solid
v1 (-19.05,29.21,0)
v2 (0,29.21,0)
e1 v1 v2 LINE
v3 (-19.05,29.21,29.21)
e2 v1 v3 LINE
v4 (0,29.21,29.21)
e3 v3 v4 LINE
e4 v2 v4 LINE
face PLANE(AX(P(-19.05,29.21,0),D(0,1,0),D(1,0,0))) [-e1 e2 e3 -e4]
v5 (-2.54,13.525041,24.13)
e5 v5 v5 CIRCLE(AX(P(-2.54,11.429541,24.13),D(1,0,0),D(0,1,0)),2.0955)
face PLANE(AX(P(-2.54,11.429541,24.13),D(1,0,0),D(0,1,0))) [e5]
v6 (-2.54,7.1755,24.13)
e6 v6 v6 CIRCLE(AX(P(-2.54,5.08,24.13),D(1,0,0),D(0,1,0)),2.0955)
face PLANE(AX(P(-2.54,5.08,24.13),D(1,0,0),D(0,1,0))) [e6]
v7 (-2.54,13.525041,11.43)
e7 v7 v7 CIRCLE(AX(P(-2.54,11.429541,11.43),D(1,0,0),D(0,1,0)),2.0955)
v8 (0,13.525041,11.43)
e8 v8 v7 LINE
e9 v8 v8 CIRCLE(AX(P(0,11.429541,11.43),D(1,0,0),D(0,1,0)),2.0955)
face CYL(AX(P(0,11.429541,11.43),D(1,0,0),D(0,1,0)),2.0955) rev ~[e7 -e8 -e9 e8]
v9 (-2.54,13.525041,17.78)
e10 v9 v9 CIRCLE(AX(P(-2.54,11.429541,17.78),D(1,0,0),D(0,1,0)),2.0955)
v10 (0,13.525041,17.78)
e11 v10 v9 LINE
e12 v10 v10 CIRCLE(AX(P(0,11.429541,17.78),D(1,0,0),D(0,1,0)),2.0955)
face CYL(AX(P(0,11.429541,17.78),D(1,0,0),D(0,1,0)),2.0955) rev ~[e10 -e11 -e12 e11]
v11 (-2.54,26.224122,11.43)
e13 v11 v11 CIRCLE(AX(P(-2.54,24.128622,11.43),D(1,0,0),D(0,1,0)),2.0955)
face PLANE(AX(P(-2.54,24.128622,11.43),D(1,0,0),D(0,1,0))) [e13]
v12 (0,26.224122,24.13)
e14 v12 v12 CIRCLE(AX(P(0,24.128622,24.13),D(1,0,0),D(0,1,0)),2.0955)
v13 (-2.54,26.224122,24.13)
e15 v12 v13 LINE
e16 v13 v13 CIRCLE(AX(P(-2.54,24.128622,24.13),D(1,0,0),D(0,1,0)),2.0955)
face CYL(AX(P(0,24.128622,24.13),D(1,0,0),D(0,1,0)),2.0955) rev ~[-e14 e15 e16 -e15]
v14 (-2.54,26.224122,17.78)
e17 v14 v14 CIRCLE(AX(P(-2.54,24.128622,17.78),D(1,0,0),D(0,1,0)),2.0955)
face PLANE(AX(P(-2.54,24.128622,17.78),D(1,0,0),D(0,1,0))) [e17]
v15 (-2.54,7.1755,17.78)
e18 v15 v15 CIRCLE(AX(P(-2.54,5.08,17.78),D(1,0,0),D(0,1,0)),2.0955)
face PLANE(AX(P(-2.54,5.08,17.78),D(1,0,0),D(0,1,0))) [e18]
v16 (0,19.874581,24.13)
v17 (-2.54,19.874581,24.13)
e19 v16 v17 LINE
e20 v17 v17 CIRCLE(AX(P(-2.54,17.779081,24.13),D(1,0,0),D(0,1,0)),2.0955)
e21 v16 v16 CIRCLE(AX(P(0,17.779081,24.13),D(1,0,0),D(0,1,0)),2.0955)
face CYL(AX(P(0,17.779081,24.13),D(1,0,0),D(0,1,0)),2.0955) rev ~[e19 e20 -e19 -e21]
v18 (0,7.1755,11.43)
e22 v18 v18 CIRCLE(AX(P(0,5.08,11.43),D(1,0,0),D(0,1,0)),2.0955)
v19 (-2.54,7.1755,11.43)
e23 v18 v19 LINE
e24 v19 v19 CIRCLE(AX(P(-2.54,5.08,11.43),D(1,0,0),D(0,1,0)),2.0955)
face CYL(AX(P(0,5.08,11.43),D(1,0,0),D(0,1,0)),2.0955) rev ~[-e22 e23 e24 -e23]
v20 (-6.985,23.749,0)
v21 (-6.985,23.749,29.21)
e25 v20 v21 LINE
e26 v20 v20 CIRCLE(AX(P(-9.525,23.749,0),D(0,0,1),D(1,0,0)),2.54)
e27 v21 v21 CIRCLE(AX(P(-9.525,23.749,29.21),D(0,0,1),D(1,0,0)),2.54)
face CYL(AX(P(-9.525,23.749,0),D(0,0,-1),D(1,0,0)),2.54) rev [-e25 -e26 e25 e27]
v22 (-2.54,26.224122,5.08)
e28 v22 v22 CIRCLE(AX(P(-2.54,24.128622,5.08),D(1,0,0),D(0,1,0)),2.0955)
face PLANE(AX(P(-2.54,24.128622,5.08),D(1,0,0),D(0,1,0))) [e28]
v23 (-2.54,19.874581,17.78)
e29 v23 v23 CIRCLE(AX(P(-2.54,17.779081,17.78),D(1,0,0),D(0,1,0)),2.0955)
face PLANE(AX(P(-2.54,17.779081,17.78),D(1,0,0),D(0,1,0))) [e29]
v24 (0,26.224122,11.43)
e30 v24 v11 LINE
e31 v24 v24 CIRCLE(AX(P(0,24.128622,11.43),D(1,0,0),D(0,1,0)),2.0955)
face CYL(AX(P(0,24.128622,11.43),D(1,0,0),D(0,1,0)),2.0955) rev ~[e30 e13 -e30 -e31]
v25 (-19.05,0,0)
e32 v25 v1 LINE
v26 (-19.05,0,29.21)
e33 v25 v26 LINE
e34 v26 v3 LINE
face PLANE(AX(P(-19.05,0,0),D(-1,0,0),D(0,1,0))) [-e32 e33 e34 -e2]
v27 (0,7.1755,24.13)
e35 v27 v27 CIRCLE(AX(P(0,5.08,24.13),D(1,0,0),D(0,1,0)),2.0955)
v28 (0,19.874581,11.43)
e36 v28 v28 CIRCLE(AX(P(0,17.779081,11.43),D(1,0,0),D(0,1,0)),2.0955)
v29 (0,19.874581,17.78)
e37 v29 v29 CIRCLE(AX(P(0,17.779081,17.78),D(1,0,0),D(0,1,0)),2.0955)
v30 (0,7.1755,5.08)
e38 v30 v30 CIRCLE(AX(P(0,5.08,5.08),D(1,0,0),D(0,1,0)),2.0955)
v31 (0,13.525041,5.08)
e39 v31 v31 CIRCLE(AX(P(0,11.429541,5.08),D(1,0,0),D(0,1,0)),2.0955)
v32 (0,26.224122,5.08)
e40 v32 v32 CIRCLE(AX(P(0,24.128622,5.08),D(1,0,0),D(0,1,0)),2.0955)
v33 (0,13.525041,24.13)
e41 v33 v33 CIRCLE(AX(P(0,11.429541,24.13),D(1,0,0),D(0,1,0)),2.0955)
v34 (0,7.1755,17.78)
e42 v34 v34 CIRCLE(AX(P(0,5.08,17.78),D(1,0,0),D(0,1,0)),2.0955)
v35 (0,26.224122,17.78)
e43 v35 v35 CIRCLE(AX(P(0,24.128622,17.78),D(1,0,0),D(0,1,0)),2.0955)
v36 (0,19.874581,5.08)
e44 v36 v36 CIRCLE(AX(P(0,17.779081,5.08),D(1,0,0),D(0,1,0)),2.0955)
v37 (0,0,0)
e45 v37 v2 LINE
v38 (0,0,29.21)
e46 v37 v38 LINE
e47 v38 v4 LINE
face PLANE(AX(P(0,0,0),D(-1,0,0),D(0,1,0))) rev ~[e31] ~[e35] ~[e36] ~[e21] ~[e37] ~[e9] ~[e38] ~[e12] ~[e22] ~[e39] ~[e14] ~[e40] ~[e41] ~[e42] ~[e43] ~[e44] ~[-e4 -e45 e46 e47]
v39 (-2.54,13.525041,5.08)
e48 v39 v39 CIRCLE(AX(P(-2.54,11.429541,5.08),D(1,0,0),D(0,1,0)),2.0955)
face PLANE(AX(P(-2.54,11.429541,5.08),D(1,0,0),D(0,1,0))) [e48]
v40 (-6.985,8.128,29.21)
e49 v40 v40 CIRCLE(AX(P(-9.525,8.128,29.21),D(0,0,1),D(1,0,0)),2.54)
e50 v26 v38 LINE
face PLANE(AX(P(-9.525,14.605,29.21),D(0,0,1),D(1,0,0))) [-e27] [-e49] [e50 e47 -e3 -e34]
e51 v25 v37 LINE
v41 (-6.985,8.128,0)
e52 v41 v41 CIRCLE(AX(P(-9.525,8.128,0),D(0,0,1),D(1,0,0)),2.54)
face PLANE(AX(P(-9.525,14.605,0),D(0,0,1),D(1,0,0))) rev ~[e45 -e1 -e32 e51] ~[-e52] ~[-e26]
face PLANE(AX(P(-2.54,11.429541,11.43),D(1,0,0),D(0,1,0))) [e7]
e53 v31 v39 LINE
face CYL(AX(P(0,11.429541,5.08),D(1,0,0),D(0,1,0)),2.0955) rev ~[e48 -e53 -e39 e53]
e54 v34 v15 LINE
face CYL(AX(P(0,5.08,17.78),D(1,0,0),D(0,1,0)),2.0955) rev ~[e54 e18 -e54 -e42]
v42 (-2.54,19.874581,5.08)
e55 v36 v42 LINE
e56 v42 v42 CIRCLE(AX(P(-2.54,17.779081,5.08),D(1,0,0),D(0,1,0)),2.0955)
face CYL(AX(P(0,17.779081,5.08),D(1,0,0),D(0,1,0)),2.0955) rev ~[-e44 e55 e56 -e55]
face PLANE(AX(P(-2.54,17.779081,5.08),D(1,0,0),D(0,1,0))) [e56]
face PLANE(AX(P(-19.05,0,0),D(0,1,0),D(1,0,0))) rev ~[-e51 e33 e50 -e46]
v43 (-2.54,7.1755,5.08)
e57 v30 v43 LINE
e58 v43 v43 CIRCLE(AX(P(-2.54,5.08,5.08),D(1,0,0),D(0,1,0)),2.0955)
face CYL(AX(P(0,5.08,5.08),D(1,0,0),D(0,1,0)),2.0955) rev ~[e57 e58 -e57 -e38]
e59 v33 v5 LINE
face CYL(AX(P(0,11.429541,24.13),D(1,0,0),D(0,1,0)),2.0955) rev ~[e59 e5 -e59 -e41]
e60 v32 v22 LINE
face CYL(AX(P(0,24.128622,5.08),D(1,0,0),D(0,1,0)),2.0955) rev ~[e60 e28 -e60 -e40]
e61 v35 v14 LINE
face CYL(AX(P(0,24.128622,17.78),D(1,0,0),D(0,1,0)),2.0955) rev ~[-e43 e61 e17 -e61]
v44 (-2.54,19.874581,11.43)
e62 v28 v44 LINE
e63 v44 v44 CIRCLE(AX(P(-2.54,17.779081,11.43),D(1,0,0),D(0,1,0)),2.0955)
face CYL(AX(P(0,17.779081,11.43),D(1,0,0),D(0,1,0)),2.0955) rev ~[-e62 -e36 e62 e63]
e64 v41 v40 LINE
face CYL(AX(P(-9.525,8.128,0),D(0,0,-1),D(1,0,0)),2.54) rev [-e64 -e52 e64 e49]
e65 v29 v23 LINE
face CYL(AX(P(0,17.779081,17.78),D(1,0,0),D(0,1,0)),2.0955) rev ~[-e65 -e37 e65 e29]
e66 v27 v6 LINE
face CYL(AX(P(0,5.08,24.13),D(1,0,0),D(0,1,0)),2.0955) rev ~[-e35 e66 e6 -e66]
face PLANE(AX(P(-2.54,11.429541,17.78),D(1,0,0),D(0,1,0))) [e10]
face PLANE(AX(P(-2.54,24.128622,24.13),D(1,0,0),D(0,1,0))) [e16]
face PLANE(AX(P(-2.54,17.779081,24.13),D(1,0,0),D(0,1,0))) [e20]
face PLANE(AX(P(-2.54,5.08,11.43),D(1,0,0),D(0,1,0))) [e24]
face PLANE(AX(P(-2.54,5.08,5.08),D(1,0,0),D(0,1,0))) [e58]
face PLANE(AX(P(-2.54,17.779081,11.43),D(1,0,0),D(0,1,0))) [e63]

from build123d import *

# Parameters (mm, degrees)
F0_W     = 19.05
F0_H     = 29.21
F0_R     = 2.54
F1_DEPTH = 29.21
F2_R     = 2.0955
F3_DEPTH = 2.54


with BuildPart() as f1:
    # F0 (on Top) → F1 (new body)
    with BuildSketch(Plane.XY):
        with Locations((-9.525, 14.605)):
            Rectangle(F0_W, F0_H)
        with Locations((-9.525, 8.128)):
            Circle(F0_R, mode=Mode.SUBTRACT)
        with Locations((-9.525, 23.749)):
            Circle(F0_R, mode=Mode.SUBTRACT)
    extrude(amount=F1_DEPTH)

    # F2 (on face) → F3 (cut)
    with BuildSketch(Plane.YZ):
        with Locations((5.08, 24.13)):
            Circle(F2_R)
        with Locations((11.429541, 24.13)):
            Circle(F2_R)
        with Locations((17.779081, 24.13)):
            Circle(F2_R)
        with Locations((24.128622, 24.13)):
            Circle(F2_R)
        with Locations((24.128622, 17.78)):
            Circle(F2_R)
        with Locations((17.779081, 17.78)):
            Circle(F2_R)
        with Locations((11.429541, 17.78)):
            Circle(F2_R)
        with Locations((5.08, 17.78)):
            Circle(F2_R)
        with Locations((24.128622, 11.43)):
            Circle(F2_R)
        with Locations((17.779081, 11.43)):
            Circle(F2_R)
        with Locations((11.429541, 11.43)):
            Circle(F2_R)
        with Locations((5.08, 11.43)):
            Circle(F2_R)
        with Locations((24.128622, 5.08)):
            Circle(F2_R)
        with Locations((17.779081, 5.08)):
            Circle(F2_R)
        with Locations((11.429541, 5.08)):
            Circle(F2_R)
        with Locations((5.08, 5.08)):
            Circle(F2_R)
    extrude(amount=-F3_DEPTH, mode=Mode.SUBTRACT)


solid = f1.part
